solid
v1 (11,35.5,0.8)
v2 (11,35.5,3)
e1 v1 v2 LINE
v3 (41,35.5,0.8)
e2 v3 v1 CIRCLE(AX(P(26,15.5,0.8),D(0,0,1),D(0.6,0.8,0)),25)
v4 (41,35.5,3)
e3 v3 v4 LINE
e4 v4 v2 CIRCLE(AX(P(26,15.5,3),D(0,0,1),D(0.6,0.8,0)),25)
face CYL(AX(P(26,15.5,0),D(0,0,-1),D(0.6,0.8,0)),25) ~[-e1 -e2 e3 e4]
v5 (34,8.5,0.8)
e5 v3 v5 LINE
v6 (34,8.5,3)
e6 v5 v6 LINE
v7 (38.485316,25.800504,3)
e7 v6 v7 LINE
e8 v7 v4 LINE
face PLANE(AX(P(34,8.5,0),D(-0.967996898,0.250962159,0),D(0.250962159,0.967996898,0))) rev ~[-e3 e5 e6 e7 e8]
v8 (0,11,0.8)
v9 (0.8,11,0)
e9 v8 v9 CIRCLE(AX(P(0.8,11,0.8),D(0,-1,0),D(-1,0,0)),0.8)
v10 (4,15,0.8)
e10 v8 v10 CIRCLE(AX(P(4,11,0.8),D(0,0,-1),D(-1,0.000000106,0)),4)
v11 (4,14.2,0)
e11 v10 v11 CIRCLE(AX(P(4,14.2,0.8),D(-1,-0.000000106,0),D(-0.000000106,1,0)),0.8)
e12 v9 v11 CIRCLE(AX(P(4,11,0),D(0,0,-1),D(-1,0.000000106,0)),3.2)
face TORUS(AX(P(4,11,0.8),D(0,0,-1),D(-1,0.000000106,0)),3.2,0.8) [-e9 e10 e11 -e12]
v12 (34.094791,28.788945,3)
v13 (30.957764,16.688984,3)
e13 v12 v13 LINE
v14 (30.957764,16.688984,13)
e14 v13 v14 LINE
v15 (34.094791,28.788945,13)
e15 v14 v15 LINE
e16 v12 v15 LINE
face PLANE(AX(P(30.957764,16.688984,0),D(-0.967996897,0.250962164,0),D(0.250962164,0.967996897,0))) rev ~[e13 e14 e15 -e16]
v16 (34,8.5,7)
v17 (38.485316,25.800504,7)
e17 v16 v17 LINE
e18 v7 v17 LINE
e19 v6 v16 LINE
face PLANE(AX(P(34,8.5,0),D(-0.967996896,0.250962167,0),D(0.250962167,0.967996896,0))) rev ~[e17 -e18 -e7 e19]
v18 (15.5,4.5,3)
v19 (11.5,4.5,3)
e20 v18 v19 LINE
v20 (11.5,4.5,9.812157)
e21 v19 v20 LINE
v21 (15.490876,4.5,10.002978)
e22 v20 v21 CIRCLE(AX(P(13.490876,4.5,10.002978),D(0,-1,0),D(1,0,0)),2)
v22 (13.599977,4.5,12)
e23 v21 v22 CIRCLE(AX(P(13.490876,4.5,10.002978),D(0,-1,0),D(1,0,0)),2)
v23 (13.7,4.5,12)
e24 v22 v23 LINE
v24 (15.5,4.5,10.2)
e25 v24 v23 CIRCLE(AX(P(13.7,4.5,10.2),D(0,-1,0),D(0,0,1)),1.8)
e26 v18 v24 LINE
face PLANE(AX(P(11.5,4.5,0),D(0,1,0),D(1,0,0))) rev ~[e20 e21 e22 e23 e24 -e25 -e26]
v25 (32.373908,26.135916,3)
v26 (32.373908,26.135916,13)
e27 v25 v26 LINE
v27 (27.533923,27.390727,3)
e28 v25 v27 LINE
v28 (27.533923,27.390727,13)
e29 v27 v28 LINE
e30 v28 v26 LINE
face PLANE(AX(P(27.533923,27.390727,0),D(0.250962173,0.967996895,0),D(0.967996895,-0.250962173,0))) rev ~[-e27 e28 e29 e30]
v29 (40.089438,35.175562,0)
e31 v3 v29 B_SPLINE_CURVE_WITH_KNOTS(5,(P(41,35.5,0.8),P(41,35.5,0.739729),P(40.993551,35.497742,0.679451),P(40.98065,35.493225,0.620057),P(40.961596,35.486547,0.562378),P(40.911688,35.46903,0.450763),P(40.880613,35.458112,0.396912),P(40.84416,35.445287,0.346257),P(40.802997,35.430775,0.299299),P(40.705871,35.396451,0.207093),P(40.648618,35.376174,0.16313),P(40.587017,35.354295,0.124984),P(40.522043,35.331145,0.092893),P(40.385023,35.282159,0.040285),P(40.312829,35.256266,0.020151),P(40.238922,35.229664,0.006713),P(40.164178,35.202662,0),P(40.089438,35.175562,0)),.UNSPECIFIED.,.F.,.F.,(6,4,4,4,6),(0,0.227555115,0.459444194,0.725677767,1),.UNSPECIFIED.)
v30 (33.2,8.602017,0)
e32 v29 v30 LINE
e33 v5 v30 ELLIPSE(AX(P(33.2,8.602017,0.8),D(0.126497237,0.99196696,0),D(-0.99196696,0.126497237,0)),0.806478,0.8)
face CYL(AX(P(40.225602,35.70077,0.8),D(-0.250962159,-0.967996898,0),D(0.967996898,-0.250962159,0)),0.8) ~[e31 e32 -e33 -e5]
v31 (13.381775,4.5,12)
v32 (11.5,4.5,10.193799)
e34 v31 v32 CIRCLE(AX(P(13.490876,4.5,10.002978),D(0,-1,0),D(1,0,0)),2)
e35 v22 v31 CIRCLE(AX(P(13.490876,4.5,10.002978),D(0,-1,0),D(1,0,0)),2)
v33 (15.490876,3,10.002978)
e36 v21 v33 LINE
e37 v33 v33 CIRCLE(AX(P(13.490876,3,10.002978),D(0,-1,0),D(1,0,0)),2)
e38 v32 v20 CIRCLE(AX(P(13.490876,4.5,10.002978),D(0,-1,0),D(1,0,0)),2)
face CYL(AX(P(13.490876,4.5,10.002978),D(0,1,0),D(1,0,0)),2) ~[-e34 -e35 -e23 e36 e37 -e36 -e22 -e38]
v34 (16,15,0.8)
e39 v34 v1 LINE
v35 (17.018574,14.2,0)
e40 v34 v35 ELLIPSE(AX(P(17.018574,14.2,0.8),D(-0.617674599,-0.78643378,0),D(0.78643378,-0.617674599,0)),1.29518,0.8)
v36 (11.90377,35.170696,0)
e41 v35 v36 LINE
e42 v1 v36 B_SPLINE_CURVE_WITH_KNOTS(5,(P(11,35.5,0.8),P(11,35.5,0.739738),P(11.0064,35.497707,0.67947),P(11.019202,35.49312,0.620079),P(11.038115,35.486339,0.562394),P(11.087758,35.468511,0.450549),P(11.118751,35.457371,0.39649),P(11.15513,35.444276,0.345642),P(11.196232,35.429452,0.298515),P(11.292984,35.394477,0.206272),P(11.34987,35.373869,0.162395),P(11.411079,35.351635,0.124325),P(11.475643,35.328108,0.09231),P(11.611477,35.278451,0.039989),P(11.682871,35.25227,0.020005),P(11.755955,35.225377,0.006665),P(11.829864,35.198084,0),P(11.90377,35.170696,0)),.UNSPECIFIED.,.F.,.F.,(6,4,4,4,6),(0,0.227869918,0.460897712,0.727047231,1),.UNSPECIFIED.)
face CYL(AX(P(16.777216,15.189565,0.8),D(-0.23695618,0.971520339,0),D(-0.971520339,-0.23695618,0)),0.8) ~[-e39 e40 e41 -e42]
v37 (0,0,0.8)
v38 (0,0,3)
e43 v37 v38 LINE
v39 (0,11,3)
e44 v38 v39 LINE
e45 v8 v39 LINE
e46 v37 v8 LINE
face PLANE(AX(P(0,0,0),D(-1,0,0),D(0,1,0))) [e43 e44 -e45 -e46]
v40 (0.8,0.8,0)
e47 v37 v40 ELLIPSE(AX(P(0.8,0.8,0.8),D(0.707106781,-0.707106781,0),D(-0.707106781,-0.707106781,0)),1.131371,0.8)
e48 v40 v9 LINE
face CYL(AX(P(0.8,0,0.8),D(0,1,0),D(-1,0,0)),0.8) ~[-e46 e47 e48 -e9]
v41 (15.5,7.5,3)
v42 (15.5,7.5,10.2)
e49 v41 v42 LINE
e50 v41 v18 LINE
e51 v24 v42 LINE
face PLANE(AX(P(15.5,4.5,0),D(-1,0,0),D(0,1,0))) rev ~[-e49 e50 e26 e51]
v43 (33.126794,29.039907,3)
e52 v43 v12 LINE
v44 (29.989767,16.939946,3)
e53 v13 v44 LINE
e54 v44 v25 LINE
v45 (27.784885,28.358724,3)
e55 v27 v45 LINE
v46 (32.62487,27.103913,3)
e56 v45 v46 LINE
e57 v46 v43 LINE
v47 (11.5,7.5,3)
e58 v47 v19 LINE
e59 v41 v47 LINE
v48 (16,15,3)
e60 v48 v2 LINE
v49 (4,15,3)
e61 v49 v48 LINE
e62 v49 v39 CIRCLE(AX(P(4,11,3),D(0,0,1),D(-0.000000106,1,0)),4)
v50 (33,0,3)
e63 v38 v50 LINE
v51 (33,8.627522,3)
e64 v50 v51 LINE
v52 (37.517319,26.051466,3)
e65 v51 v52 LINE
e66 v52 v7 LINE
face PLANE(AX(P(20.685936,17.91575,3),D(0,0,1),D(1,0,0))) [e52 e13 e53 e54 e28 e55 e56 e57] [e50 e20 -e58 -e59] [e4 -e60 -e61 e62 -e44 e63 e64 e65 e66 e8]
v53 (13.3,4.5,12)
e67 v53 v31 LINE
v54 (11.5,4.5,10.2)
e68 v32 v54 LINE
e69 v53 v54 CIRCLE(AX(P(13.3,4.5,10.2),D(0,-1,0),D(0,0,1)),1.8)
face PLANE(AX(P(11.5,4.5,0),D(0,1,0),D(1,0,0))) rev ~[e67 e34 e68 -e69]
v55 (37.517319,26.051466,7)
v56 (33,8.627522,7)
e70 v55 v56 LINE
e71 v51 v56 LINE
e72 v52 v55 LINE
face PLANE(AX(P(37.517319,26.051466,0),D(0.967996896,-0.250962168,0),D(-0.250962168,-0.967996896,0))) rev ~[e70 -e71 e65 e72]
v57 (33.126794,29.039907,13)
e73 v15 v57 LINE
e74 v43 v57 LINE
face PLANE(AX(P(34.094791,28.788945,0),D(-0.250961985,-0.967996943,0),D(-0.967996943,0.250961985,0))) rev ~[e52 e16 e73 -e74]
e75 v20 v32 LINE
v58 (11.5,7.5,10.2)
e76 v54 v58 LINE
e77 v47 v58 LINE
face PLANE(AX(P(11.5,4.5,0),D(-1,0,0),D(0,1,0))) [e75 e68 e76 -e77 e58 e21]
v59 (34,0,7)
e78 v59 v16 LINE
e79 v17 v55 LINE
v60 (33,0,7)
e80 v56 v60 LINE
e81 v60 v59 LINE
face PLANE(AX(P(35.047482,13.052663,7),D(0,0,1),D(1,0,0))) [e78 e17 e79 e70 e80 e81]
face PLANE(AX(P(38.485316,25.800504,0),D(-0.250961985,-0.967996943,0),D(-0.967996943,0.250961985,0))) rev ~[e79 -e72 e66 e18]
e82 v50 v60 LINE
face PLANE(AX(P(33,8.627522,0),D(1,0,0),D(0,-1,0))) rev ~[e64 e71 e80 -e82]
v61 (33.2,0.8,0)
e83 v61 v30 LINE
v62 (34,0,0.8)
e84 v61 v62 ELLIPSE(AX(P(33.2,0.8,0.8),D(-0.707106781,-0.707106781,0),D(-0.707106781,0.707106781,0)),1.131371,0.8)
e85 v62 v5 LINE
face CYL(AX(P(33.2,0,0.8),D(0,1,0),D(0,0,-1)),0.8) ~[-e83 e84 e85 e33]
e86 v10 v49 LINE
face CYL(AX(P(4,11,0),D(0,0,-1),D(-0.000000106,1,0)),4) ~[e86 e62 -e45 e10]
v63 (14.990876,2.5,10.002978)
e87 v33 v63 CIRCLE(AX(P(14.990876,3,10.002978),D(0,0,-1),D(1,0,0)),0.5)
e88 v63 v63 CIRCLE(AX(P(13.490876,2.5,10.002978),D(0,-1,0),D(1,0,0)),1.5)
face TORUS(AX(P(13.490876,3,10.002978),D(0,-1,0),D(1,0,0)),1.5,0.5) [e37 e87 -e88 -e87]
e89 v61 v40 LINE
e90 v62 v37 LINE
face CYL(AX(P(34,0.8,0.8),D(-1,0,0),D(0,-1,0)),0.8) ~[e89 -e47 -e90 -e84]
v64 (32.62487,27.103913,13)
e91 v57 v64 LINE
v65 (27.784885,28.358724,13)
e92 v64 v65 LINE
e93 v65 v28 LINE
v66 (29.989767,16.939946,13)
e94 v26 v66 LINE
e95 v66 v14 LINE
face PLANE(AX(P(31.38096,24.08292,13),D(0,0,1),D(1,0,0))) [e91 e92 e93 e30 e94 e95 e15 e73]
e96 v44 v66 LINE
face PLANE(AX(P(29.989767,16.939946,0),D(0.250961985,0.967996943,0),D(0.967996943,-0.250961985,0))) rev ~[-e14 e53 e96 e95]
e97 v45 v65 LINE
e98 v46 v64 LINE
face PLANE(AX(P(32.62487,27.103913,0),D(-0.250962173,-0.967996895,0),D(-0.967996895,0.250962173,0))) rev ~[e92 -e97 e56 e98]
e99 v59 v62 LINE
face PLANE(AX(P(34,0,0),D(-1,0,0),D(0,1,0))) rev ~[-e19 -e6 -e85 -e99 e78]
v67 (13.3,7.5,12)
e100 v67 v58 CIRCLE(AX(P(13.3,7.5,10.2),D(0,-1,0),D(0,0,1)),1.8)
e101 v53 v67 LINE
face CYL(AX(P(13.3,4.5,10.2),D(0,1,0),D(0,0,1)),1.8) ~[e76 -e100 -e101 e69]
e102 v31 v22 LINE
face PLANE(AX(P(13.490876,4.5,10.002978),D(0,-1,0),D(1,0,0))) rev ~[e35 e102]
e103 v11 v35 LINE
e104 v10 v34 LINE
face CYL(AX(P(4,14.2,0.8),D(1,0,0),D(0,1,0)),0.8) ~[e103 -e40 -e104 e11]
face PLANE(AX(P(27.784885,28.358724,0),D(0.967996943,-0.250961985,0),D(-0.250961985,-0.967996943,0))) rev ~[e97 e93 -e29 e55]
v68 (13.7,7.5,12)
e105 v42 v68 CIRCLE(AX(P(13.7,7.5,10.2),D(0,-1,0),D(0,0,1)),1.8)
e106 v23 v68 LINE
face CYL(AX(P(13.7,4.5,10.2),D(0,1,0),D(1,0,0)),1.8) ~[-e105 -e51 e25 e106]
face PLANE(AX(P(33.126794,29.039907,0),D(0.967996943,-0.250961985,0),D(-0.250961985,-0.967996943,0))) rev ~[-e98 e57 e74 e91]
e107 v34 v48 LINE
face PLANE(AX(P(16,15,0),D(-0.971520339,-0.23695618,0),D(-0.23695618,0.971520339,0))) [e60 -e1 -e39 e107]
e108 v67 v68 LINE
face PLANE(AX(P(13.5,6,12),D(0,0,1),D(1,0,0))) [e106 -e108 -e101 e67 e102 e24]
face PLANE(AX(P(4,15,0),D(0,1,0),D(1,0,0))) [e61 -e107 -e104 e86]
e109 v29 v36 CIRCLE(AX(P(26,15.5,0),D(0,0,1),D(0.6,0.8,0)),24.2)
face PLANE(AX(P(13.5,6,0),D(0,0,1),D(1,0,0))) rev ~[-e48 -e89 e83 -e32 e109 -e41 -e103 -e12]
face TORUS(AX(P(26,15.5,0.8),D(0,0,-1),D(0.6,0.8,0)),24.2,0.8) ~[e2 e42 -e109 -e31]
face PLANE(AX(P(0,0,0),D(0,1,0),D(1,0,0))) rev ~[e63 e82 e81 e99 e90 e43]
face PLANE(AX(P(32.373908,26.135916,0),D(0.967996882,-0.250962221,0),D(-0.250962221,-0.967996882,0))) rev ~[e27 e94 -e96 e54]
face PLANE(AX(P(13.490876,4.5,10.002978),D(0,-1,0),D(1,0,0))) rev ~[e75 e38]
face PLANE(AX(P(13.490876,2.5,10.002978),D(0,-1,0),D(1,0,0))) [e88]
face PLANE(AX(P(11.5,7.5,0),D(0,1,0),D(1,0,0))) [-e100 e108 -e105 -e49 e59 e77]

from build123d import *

# Parameters (mm, degrees)
PAD_DEPTH    = 3
PAD001_DEPTH = 13
SKETCH001_W  = 4
SKETCH001_H  = 3
PAD002_DEPTH = 12
PAD003_DEPTH = 7
SKETCH005_R  = 2
PAD004_DEPTH = 2
FILLET_R     = 1.8
FILLET001_R  = 0.5
FILLET002_R  = 0.8


with BuildPart() as part:
    # Sketch → Pad (new body)
    with BuildSketch(Plane.XY):
        with BuildLine():
            Line((0, 0), (34, 0))
            Line((34, 0), (34, 8.5))
            Line((34, 8.5), (41, 35.5))
            ThreePointArc((41, 35.5), (26, 40.5), (11, 35.5))
            Line((16, 15), (11, 35.5))
            Line((4, 15), (16, 15))
            ThreePointArc((4, 15), (1.171573, 13.828427), (0, 11))
            Line((0, 0), (0, 11))
        make_face()
    extrude(amount=PAD_DEPTH)

    # Sketch002 → Pad001 (join)
    with BuildSketch(Plane.XY):
        Polygon((30.957764, 16.688984), (34.094791, 28.788945), (33.126794, 29.039907), (32.62487, 27.103913), (27.784885, 28.358724), (27.533923, 27.390727), (32.373908, 26.135916), (29.989767, 16.939946), align=None)
    extrude(amount=PAD001_DEPTH)

    # Sketch001 → Pad002 (join)
    with BuildSketch(Plane.XY):
        with Locations((13.5, 6)):
            Rectangle(SKETCH001_W, SKETCH001_H)
    extrude(amount=PAD002_DEPTH)

    # Sketch003 → Pad003 (join)
    with BuildSketch(Plane.XY):
        Polygon((34, 0), (34, 8.5), (38.485316, 25.800504), (37.517319, 26.051466), (33, 8.627522), (33, 0), align=None)
    extrude(amount=PAD003_DEPTH)

    # Sketch005 (on Face19 of Pad003) → Pad004 (join)
    with BuildSketch(Plane.XZ.offset(-4.5)):
        with Locations((13.490876, 10.002978)):
            Circle(SKETCH005_R)
    extrude(amount=PAD004_DEPTH)

    # Fillet
    fillet_edges = [part.edges().sort_by_distance(p)[0] for p in [
        (11.5, 6, 12),
        (15.5, 6, 12),
    ]]
    fillet(fillet_edges, radius=FILLET_R)

    # Fillet001
    fillet001_edges = [part.edges().sort_by_distance(p)[0] for p in [
        (11.490876, 2.5, 10.002978),
    ]]
    fillet(fillet001_edges, radius=FILLET001_R)

    # Fillet002
    fillet002_edges = [part.edges().sort_by_distance(p)[0] for p in [
        (36.242658, 17.150252, 0),
        (34, 4.25, 0),
        (33.5, 0, 0),
        (16.5, 0, 0),
        (0, 5.5, 0),
        (1.171573, 13.828427, 0),
        (10, 15, 0),
        (13.5, 25.25, 0),
        (26, 40.5, 0),
        (39.742658, 30.650252, 0),
    ]]
    fillet(fillet002_edges, radius=FILLET002_R)


solid = part.part
